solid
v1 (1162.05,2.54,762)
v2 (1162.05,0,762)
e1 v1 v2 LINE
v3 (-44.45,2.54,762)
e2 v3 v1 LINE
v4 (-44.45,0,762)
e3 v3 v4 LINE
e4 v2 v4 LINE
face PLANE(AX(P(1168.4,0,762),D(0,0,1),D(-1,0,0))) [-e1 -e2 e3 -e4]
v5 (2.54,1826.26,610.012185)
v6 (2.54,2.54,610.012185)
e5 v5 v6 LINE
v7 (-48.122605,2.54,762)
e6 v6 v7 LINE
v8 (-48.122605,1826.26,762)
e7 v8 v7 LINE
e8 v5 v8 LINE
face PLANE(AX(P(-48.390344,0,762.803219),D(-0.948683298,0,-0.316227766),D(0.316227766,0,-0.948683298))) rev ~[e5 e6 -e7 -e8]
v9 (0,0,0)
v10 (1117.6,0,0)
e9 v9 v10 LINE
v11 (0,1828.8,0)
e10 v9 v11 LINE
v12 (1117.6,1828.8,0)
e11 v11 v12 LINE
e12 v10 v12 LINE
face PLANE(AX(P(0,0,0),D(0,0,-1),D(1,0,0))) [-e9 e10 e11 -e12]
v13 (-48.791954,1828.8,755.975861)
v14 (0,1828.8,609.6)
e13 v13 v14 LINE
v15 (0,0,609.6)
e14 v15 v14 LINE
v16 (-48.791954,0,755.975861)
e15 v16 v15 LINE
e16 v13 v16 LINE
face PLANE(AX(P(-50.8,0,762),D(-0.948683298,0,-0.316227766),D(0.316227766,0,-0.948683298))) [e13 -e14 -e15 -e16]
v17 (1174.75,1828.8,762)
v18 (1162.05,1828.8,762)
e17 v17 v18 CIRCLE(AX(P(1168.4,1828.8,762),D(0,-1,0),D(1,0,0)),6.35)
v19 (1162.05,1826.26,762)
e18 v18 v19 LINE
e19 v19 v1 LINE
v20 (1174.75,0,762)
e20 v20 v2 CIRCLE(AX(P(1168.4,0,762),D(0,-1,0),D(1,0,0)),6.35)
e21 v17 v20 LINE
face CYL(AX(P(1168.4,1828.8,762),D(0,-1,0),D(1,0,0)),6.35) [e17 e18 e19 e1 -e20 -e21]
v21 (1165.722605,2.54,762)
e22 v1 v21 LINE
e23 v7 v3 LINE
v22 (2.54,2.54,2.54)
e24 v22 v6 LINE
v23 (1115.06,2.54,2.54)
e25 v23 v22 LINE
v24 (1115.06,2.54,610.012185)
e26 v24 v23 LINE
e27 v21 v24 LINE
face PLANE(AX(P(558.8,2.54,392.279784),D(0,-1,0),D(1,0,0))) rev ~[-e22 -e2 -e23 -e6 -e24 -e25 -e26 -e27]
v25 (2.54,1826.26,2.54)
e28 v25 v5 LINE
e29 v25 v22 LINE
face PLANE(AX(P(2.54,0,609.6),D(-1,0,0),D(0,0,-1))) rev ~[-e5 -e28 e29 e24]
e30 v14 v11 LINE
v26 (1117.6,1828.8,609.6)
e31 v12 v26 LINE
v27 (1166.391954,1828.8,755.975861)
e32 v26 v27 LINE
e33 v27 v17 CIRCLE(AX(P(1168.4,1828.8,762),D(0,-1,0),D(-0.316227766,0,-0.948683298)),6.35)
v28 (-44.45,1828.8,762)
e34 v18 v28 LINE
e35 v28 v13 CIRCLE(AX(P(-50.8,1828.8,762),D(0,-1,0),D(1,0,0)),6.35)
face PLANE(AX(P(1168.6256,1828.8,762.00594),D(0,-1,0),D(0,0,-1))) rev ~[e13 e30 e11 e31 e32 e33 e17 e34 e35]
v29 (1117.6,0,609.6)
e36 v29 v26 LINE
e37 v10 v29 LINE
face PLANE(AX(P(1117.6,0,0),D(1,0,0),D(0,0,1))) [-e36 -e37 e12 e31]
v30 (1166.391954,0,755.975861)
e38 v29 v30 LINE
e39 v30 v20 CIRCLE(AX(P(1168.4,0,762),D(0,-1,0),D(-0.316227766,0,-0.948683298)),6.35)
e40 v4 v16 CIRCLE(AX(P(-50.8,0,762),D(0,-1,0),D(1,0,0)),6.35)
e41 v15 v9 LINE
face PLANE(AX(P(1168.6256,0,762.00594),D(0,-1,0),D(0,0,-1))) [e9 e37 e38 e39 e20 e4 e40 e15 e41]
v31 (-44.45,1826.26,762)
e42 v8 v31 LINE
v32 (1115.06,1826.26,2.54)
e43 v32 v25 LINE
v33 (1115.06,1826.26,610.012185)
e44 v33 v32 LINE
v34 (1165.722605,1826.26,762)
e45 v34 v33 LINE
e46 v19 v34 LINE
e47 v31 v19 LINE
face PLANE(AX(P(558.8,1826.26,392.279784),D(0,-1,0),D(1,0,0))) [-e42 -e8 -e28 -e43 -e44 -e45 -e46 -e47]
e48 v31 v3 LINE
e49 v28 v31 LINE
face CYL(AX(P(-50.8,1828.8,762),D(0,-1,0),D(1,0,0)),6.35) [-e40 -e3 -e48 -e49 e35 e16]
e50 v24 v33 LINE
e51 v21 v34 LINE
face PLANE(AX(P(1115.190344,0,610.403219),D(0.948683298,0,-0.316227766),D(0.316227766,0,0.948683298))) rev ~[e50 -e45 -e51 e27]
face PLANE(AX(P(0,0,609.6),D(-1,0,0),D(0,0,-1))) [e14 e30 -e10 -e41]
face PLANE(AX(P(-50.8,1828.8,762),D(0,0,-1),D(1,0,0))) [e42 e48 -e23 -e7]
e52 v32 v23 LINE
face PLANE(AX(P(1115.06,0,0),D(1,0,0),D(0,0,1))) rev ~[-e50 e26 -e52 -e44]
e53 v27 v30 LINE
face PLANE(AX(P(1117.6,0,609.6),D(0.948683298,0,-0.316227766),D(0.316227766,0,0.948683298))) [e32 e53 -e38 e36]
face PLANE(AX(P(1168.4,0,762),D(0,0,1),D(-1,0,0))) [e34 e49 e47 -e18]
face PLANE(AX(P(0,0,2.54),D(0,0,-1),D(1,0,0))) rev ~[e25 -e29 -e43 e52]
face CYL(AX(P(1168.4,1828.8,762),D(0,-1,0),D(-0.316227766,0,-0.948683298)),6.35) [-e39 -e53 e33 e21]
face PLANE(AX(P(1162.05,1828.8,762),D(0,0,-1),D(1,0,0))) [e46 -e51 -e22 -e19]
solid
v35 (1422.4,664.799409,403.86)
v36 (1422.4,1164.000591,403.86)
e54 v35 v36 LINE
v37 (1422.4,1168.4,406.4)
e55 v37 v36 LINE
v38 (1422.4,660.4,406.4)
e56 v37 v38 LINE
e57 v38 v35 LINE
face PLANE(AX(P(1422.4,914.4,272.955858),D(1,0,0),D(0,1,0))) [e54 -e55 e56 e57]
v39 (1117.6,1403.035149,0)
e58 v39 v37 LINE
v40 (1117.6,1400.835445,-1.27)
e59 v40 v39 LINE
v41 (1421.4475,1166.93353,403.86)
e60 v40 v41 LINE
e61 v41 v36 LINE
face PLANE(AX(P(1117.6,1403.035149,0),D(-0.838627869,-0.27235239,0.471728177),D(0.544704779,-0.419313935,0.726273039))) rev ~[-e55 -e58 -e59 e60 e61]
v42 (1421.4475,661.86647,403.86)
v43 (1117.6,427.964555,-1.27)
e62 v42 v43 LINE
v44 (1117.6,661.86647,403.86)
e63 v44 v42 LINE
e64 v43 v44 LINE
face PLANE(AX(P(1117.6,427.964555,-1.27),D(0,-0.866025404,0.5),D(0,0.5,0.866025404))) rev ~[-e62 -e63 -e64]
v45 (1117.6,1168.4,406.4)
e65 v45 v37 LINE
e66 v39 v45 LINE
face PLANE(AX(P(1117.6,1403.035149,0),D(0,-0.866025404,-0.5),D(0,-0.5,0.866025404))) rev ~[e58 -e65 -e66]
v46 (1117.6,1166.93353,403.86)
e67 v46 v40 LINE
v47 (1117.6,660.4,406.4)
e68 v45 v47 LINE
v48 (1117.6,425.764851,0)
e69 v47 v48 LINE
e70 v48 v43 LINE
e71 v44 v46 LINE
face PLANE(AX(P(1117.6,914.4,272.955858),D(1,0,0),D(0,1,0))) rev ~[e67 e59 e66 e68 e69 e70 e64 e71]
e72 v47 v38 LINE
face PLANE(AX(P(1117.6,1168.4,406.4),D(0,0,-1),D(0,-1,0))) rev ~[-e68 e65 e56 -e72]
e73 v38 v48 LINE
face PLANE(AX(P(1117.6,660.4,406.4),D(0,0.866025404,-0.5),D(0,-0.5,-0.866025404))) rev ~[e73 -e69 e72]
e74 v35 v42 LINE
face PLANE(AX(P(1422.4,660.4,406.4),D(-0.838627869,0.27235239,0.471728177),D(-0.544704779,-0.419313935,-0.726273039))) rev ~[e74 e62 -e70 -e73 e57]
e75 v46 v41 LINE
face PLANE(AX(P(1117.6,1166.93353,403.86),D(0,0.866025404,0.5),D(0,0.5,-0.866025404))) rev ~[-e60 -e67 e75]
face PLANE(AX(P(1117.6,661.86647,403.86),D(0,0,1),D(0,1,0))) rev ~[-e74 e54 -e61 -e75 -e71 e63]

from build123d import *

# Parameters (mm, degrees)
F1_DEPTH  = 1828.8
F2_T      = -2.54
F6_DEPTH  = 304.8
F9_DEPTH  = 25.4
F10_DEPTH = 25.4


with BuildPart() as f1:
    # F0 (on Front) → F1 (new body)
    with BuildSketch(Plane.XZ):
        Polygon((0, 609.6), (0, 0), (1117.6, 0), (1117.6, 609.6), (1168.4, 762), (558.8, 762), (-50.8, 762), align=None)
    extrude(amount=-F1_DEPTH)

    # F2
    f2_openings = [f1.faces().sort_by_distance(p)[0] for p in [
        (558.8, 914.4, 762),
    ]]
    offset(amount=F2_T, openings=f2_openings, kind=Kind.INTERSECTION)

    # F4: sweep along a path in F4_path
    with BuildLine(Plane(origin=(-50.8, 1828.8, 762), x_dir=(0, 1, 0), z_dir=(0, 0, 1))) as f4_path:
        Line((0, 0), (-1828.8, 0))
    # F3 (on face) → F4 (sweep)
    with BuildSketch(Plane.XZ):
        with BuildLine():
            ThreePointArc((1166.3919536858, 755.9758610574), (1172.1129103076, 756.8486121241), (1174.75, 762))
            ThreePointArc((1174.75, 762), (1168.4, 768.35), (1162.05, 762))
            Line((1162.05, 762), (1168.4, 762))
            Line((1168.4, 762), (1166.3919536858, 755.9758610574))
        make_face()
        with BuildLine():
            Line((-50.8, 762), (-44.45, 762))
            ThreePointArc((-44.45, 762), (-55.9513878759, 765.7129103076), (-48.7919536858, 755.9758610574))
            Line((-48.7919536858, 755.9758610574), (-50.8, 762))
        make_face()
    sweep(path=f4_path.line)


with BuildPart() as f6:
    # F5 (on face) → F6 (new body)
    with BuildSketch(Plane.YZ.offset(1117.6)):
        Polygon((1168.4, 406.4), (914.4, 406.4), (660.4, 406.4), (425.7648506013, 0), (427.9645551269, -1.27), (661.8664696837, 403.86), (914.4, 403.86), (1166.9335303163, 403.86), (1400.8354448731, -1.27), (1403.0351493987, 0), align=None)
    extrude(amount=F6_DEPTH)

    # F8 (on face) → F9 (cut)
    with BuildSketch(Plane(origin=(0, 1052.276362049, 607.5320408909), x_dir=(-1, 0, 0), z_dir=(0, 0.8660254038, 0.5))):
        Polygon((-1117.6, -701.5175746993), (-1422.4, -232.247275902), (-1422.4, -701.5175746993), align=None)
    extrude(amount=-F9_DEPTH, mode=Mode.SUBTRACT)

    # F7 (on face) → F10 (cut)
    with BuildSketch(Plane(origin=(0, 319.323637951, -184.3615883296), x_dir=(1, 0, 0), z_dir=(0, -0.8660254038, 0.5))):
        Polygon((1422.4, 682.152724098), (1117.6, 212.8824253007), (1422.4, 212.8824253007), align=None)
    extrude(amount=-F10_DEPTH, mode=Mode.SUBTRACT)


solid = Compound([f1.part, f6.part])
